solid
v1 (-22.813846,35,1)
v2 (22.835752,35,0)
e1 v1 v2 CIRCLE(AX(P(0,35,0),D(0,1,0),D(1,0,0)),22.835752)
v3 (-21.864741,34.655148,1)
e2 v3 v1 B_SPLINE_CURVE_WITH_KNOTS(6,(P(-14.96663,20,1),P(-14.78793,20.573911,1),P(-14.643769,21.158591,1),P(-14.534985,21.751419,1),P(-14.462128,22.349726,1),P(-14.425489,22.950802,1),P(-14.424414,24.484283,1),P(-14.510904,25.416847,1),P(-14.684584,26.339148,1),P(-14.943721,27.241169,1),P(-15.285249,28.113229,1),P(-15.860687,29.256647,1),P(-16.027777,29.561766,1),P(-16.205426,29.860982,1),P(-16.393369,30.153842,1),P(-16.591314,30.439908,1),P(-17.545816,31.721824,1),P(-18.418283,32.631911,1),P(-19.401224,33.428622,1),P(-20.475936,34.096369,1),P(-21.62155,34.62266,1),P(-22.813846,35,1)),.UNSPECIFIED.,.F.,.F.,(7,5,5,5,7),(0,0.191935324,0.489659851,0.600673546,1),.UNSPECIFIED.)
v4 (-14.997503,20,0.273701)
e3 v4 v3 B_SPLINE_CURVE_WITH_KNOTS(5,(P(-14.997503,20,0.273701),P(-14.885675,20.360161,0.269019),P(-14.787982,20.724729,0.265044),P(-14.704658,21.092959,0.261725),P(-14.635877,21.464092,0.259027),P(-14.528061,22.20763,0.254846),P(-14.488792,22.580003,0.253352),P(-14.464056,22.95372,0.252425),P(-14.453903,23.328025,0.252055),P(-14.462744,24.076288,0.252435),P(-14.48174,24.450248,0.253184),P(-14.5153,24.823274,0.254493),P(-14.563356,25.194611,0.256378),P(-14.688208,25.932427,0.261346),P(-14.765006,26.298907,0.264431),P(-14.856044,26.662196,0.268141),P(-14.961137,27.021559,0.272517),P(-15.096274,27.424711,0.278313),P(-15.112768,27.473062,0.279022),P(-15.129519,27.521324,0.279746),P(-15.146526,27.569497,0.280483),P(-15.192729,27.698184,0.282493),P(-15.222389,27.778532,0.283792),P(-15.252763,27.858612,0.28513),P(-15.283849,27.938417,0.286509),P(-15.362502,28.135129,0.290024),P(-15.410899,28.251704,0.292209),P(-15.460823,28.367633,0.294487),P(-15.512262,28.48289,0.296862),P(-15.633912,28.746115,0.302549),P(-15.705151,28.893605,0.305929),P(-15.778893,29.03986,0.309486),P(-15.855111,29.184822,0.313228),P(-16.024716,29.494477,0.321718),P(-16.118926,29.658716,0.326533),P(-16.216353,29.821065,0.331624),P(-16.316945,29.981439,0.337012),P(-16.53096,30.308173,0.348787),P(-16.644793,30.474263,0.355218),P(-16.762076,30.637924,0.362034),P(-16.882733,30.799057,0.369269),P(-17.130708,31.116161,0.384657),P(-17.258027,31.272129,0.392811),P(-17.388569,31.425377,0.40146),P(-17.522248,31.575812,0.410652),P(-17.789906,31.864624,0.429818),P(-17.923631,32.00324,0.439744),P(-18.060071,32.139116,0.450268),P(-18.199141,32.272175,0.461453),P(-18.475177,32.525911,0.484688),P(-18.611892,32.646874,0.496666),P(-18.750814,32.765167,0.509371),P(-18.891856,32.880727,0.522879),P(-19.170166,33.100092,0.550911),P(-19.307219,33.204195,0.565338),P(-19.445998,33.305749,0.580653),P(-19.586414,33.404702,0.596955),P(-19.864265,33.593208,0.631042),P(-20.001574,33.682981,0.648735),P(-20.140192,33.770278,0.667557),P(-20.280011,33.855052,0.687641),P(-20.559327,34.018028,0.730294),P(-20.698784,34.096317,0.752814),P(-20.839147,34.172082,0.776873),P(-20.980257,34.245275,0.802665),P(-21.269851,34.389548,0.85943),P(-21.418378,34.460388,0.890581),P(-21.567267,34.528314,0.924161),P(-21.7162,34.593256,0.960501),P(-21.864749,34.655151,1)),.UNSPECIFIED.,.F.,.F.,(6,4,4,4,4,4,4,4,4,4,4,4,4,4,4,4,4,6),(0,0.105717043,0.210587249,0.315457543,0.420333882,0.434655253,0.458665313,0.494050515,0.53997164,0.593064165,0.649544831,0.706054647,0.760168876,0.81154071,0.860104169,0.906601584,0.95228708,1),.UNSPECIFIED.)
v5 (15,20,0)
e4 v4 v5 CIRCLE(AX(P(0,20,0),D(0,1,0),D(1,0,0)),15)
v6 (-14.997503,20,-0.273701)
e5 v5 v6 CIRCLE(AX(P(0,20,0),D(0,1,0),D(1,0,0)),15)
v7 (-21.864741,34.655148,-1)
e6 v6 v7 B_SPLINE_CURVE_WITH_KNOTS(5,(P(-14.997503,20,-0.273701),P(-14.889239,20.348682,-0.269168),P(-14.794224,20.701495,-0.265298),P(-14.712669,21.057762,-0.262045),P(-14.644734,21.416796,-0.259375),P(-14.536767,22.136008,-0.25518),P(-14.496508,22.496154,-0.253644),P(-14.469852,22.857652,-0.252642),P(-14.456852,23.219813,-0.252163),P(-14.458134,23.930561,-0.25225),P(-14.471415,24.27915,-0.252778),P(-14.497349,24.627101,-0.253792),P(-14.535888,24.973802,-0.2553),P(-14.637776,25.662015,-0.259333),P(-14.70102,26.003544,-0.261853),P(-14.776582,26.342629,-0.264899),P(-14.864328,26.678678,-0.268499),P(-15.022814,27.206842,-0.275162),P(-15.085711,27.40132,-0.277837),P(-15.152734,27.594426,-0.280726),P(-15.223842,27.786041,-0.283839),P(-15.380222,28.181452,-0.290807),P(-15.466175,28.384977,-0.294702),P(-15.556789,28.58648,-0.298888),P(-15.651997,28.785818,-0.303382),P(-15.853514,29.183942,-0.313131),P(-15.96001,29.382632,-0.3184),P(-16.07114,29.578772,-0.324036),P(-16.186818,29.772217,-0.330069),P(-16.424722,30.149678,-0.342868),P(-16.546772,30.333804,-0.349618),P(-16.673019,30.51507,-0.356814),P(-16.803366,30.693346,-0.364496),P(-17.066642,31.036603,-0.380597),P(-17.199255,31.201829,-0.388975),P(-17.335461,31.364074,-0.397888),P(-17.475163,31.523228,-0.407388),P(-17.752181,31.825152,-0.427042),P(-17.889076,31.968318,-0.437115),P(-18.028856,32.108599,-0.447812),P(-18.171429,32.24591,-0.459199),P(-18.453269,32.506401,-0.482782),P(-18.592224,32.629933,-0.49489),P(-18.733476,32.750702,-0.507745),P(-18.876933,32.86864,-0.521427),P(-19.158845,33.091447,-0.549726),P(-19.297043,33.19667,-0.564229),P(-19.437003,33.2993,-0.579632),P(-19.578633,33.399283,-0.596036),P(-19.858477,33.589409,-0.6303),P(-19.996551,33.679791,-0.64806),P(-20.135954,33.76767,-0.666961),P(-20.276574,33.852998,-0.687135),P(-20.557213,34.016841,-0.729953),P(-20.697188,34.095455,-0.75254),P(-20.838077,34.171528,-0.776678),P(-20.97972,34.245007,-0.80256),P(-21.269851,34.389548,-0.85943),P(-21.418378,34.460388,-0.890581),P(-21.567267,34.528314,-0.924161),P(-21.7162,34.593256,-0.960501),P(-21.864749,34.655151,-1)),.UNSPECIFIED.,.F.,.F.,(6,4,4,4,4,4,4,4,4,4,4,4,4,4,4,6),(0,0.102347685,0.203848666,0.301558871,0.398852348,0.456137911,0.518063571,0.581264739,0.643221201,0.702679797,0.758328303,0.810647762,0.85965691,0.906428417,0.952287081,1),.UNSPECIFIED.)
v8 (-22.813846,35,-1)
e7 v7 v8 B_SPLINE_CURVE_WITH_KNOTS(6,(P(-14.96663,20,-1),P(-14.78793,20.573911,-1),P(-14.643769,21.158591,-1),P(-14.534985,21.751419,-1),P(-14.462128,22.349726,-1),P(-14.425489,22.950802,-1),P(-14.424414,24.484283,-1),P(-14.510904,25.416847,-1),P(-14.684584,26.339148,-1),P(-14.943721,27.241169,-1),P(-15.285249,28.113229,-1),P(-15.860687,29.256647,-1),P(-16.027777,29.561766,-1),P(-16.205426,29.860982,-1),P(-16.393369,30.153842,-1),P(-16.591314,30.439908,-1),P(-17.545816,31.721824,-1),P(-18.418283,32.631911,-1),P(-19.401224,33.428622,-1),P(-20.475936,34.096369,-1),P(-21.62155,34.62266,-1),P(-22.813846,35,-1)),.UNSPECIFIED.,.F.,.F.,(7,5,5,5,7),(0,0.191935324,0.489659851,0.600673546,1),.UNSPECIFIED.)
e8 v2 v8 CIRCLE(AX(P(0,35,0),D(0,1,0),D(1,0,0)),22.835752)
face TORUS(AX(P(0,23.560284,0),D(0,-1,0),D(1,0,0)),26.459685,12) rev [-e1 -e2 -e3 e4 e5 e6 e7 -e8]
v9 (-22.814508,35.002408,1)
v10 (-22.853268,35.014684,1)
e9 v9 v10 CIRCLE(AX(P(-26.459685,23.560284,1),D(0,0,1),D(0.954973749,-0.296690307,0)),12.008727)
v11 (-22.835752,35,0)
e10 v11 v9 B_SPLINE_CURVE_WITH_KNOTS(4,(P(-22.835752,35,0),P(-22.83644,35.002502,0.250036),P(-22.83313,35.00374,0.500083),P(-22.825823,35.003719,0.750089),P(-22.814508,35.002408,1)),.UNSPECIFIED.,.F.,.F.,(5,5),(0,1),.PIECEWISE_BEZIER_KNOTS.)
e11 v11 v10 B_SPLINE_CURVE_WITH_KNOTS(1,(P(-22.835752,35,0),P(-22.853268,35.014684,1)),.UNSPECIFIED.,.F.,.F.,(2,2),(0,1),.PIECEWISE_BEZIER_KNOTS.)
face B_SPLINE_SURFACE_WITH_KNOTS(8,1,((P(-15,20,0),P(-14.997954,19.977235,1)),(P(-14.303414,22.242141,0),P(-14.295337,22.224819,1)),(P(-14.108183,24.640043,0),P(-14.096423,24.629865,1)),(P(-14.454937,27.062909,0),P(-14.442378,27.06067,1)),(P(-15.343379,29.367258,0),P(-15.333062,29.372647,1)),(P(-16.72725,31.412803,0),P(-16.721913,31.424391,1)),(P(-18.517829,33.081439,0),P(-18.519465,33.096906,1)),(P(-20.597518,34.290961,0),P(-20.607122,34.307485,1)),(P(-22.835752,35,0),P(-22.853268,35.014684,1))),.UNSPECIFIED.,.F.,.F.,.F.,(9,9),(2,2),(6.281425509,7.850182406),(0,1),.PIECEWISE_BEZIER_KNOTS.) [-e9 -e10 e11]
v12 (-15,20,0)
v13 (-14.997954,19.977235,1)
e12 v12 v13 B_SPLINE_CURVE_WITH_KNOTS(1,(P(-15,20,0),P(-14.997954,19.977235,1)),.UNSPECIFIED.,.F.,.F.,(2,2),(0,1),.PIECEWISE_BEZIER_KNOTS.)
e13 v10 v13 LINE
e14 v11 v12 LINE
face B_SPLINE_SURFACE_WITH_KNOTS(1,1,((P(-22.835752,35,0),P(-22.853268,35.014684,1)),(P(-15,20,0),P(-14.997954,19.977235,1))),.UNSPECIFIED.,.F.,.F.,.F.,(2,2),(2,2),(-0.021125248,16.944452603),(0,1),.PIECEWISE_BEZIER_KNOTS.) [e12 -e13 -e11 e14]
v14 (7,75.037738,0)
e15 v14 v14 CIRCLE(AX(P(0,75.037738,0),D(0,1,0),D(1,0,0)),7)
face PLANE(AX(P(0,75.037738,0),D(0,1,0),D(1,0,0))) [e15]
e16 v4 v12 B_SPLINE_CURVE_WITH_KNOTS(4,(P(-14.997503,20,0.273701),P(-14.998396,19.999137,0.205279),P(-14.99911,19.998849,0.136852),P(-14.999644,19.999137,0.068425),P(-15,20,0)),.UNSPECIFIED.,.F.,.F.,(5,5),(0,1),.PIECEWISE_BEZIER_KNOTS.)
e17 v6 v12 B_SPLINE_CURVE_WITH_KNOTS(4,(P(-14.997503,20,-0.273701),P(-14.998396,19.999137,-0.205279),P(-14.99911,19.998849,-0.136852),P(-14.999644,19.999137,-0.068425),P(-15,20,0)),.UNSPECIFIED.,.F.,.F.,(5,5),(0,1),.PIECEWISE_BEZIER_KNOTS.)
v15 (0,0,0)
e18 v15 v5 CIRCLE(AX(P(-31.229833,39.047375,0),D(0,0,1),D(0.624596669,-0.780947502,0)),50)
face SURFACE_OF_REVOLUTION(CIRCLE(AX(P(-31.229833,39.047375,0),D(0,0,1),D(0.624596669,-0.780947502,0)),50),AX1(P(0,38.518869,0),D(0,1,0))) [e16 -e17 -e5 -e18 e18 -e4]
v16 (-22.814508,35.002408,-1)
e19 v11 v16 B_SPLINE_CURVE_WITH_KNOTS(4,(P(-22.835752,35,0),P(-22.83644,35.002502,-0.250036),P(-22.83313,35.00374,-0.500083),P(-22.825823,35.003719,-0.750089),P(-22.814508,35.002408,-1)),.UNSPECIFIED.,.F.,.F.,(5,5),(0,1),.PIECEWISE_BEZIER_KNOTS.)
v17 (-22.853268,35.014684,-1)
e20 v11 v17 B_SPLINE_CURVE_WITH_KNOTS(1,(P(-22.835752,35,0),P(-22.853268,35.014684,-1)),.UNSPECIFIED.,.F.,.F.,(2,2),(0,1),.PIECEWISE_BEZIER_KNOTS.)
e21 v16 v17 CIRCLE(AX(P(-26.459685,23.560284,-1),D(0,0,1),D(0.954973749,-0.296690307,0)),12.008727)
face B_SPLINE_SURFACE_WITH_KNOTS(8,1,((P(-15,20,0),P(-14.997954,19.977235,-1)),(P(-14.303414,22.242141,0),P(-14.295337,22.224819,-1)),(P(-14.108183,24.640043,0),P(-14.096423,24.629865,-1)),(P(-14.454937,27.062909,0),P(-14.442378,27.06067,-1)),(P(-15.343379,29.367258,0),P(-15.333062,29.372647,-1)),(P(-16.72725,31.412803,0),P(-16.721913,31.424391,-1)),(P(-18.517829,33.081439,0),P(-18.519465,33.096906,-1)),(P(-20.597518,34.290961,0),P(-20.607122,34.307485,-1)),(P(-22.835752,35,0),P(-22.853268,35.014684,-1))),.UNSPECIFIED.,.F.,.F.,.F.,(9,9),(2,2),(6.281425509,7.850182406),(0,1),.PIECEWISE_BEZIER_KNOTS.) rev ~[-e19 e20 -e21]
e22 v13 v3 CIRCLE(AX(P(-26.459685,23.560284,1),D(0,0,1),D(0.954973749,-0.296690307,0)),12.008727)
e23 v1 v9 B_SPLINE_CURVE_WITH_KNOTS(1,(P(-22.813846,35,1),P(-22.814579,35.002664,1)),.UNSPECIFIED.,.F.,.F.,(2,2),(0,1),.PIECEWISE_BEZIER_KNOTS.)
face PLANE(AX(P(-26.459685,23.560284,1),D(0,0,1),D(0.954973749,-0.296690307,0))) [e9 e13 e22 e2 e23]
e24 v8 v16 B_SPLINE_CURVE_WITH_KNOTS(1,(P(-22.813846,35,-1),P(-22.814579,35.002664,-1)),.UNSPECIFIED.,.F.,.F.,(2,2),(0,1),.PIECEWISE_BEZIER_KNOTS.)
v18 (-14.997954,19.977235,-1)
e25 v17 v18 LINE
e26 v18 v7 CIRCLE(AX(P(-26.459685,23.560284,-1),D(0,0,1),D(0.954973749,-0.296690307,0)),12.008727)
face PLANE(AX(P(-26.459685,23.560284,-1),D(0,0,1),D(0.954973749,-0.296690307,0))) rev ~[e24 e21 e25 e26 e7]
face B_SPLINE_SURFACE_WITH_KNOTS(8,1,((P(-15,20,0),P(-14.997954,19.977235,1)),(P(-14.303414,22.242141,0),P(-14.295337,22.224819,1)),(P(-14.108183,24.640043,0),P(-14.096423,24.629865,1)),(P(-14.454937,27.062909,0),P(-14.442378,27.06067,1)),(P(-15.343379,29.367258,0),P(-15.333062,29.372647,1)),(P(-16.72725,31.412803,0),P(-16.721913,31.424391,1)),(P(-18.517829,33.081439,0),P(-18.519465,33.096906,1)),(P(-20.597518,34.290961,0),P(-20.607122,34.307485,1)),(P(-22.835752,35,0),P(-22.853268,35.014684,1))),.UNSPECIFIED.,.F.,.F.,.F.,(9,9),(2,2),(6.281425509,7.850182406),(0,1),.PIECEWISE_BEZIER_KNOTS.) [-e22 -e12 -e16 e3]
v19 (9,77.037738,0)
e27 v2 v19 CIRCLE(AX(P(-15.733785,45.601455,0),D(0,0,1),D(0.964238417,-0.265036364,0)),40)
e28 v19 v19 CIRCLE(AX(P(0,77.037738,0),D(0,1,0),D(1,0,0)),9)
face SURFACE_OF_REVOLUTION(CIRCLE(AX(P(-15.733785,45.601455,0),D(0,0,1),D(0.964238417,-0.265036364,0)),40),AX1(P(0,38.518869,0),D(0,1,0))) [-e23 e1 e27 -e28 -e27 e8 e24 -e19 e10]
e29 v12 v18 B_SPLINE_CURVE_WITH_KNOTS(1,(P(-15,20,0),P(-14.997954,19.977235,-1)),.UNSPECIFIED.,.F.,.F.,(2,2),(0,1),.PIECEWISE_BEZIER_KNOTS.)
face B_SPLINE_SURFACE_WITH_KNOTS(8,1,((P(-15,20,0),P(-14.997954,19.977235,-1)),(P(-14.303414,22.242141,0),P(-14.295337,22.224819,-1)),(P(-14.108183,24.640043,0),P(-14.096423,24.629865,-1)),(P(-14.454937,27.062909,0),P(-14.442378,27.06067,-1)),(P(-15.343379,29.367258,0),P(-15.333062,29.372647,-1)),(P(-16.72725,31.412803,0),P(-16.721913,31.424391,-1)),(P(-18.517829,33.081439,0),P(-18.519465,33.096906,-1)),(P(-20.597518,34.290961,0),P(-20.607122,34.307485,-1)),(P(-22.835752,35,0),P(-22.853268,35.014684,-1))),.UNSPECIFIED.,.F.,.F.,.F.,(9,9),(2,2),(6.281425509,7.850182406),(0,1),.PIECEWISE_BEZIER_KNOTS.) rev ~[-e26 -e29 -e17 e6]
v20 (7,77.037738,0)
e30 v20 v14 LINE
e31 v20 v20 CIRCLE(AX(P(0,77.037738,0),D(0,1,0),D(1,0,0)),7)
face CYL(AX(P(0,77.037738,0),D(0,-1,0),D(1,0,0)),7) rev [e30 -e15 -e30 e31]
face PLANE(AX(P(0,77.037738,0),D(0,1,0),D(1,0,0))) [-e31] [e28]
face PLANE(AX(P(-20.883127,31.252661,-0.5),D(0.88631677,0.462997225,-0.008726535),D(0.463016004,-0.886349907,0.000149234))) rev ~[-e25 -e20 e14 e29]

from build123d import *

# Parameters (mm, degrees)
F3_DEPTH = 25
F6_DEPTH = 1
F6_TAPER = -0.5


with BuildPart() as f1:
    # F0 (on Top) → F1 (revolve)
    with BuildSketch(Plane.XY):
        with BuildLine():
            Line((0, 20), (0, 0))
            ThreePointArc((0, 0), (8.7701665379, 9.0473750966), (15, 20))
            Line((15, 20), (0, 20))
        make_face()
        with BuildLine():
            Line((0, 35), (0, 20))
            Line((0, 20), (15, 20))
            ThreePointArc((15, 20), (15.8234787517, 29.1164619428), (22.8357519594, 35))
            Line((22.8357519594, 35), (0, 35))
        make_face()
        with BuildLine():
            Line((0, 75.0377376154), (0, 35))
            Line((0, 35), (22.8357519594, 35))
            ThreePointArc((22.8357519594, 35), (22.2612211458, 58.1066345936), (9, 77.0377376154))
            Line((9, 77.0377376154), (7, 77.0377376154))
            Line((7, 77.0377376154), (7, 75.0377376154))
            Line((7, 75.0377376154), (0, 75.0377376154))
        make_face()
    revolve(axis=Axis((0, 38.5188688077, 0), (0, 1, 0)))

    # F5 (on Top) → F6 (join, symmetric)
    with BuildSketch(Plane.XY):
        with BuildLine():
            ThreePointArc((-15, 20), (-15.8234787517, 29.1164619428), (-22.8357519594, 35))
            Line((-22.8357519594, 35), (-15, 20))
        make_face()
    extrude(amount=F6_DEPTH, both=True, taper=F6_TAPER)


with BuildPart() as f3:
    # F2 (on Top) → F3 (new body)
    with BuildSketch(Plane.XY):
        with BuildLine():
            Line((-22.8357519594, 35), (-15, 20))
            ThreePointArc((-15, 20), (-15.8234787517, 29.1164619428), (-22.8357519594, 35))
        make_face()
    extrude(amount=F3_DEPTH)


solid = f1.part
